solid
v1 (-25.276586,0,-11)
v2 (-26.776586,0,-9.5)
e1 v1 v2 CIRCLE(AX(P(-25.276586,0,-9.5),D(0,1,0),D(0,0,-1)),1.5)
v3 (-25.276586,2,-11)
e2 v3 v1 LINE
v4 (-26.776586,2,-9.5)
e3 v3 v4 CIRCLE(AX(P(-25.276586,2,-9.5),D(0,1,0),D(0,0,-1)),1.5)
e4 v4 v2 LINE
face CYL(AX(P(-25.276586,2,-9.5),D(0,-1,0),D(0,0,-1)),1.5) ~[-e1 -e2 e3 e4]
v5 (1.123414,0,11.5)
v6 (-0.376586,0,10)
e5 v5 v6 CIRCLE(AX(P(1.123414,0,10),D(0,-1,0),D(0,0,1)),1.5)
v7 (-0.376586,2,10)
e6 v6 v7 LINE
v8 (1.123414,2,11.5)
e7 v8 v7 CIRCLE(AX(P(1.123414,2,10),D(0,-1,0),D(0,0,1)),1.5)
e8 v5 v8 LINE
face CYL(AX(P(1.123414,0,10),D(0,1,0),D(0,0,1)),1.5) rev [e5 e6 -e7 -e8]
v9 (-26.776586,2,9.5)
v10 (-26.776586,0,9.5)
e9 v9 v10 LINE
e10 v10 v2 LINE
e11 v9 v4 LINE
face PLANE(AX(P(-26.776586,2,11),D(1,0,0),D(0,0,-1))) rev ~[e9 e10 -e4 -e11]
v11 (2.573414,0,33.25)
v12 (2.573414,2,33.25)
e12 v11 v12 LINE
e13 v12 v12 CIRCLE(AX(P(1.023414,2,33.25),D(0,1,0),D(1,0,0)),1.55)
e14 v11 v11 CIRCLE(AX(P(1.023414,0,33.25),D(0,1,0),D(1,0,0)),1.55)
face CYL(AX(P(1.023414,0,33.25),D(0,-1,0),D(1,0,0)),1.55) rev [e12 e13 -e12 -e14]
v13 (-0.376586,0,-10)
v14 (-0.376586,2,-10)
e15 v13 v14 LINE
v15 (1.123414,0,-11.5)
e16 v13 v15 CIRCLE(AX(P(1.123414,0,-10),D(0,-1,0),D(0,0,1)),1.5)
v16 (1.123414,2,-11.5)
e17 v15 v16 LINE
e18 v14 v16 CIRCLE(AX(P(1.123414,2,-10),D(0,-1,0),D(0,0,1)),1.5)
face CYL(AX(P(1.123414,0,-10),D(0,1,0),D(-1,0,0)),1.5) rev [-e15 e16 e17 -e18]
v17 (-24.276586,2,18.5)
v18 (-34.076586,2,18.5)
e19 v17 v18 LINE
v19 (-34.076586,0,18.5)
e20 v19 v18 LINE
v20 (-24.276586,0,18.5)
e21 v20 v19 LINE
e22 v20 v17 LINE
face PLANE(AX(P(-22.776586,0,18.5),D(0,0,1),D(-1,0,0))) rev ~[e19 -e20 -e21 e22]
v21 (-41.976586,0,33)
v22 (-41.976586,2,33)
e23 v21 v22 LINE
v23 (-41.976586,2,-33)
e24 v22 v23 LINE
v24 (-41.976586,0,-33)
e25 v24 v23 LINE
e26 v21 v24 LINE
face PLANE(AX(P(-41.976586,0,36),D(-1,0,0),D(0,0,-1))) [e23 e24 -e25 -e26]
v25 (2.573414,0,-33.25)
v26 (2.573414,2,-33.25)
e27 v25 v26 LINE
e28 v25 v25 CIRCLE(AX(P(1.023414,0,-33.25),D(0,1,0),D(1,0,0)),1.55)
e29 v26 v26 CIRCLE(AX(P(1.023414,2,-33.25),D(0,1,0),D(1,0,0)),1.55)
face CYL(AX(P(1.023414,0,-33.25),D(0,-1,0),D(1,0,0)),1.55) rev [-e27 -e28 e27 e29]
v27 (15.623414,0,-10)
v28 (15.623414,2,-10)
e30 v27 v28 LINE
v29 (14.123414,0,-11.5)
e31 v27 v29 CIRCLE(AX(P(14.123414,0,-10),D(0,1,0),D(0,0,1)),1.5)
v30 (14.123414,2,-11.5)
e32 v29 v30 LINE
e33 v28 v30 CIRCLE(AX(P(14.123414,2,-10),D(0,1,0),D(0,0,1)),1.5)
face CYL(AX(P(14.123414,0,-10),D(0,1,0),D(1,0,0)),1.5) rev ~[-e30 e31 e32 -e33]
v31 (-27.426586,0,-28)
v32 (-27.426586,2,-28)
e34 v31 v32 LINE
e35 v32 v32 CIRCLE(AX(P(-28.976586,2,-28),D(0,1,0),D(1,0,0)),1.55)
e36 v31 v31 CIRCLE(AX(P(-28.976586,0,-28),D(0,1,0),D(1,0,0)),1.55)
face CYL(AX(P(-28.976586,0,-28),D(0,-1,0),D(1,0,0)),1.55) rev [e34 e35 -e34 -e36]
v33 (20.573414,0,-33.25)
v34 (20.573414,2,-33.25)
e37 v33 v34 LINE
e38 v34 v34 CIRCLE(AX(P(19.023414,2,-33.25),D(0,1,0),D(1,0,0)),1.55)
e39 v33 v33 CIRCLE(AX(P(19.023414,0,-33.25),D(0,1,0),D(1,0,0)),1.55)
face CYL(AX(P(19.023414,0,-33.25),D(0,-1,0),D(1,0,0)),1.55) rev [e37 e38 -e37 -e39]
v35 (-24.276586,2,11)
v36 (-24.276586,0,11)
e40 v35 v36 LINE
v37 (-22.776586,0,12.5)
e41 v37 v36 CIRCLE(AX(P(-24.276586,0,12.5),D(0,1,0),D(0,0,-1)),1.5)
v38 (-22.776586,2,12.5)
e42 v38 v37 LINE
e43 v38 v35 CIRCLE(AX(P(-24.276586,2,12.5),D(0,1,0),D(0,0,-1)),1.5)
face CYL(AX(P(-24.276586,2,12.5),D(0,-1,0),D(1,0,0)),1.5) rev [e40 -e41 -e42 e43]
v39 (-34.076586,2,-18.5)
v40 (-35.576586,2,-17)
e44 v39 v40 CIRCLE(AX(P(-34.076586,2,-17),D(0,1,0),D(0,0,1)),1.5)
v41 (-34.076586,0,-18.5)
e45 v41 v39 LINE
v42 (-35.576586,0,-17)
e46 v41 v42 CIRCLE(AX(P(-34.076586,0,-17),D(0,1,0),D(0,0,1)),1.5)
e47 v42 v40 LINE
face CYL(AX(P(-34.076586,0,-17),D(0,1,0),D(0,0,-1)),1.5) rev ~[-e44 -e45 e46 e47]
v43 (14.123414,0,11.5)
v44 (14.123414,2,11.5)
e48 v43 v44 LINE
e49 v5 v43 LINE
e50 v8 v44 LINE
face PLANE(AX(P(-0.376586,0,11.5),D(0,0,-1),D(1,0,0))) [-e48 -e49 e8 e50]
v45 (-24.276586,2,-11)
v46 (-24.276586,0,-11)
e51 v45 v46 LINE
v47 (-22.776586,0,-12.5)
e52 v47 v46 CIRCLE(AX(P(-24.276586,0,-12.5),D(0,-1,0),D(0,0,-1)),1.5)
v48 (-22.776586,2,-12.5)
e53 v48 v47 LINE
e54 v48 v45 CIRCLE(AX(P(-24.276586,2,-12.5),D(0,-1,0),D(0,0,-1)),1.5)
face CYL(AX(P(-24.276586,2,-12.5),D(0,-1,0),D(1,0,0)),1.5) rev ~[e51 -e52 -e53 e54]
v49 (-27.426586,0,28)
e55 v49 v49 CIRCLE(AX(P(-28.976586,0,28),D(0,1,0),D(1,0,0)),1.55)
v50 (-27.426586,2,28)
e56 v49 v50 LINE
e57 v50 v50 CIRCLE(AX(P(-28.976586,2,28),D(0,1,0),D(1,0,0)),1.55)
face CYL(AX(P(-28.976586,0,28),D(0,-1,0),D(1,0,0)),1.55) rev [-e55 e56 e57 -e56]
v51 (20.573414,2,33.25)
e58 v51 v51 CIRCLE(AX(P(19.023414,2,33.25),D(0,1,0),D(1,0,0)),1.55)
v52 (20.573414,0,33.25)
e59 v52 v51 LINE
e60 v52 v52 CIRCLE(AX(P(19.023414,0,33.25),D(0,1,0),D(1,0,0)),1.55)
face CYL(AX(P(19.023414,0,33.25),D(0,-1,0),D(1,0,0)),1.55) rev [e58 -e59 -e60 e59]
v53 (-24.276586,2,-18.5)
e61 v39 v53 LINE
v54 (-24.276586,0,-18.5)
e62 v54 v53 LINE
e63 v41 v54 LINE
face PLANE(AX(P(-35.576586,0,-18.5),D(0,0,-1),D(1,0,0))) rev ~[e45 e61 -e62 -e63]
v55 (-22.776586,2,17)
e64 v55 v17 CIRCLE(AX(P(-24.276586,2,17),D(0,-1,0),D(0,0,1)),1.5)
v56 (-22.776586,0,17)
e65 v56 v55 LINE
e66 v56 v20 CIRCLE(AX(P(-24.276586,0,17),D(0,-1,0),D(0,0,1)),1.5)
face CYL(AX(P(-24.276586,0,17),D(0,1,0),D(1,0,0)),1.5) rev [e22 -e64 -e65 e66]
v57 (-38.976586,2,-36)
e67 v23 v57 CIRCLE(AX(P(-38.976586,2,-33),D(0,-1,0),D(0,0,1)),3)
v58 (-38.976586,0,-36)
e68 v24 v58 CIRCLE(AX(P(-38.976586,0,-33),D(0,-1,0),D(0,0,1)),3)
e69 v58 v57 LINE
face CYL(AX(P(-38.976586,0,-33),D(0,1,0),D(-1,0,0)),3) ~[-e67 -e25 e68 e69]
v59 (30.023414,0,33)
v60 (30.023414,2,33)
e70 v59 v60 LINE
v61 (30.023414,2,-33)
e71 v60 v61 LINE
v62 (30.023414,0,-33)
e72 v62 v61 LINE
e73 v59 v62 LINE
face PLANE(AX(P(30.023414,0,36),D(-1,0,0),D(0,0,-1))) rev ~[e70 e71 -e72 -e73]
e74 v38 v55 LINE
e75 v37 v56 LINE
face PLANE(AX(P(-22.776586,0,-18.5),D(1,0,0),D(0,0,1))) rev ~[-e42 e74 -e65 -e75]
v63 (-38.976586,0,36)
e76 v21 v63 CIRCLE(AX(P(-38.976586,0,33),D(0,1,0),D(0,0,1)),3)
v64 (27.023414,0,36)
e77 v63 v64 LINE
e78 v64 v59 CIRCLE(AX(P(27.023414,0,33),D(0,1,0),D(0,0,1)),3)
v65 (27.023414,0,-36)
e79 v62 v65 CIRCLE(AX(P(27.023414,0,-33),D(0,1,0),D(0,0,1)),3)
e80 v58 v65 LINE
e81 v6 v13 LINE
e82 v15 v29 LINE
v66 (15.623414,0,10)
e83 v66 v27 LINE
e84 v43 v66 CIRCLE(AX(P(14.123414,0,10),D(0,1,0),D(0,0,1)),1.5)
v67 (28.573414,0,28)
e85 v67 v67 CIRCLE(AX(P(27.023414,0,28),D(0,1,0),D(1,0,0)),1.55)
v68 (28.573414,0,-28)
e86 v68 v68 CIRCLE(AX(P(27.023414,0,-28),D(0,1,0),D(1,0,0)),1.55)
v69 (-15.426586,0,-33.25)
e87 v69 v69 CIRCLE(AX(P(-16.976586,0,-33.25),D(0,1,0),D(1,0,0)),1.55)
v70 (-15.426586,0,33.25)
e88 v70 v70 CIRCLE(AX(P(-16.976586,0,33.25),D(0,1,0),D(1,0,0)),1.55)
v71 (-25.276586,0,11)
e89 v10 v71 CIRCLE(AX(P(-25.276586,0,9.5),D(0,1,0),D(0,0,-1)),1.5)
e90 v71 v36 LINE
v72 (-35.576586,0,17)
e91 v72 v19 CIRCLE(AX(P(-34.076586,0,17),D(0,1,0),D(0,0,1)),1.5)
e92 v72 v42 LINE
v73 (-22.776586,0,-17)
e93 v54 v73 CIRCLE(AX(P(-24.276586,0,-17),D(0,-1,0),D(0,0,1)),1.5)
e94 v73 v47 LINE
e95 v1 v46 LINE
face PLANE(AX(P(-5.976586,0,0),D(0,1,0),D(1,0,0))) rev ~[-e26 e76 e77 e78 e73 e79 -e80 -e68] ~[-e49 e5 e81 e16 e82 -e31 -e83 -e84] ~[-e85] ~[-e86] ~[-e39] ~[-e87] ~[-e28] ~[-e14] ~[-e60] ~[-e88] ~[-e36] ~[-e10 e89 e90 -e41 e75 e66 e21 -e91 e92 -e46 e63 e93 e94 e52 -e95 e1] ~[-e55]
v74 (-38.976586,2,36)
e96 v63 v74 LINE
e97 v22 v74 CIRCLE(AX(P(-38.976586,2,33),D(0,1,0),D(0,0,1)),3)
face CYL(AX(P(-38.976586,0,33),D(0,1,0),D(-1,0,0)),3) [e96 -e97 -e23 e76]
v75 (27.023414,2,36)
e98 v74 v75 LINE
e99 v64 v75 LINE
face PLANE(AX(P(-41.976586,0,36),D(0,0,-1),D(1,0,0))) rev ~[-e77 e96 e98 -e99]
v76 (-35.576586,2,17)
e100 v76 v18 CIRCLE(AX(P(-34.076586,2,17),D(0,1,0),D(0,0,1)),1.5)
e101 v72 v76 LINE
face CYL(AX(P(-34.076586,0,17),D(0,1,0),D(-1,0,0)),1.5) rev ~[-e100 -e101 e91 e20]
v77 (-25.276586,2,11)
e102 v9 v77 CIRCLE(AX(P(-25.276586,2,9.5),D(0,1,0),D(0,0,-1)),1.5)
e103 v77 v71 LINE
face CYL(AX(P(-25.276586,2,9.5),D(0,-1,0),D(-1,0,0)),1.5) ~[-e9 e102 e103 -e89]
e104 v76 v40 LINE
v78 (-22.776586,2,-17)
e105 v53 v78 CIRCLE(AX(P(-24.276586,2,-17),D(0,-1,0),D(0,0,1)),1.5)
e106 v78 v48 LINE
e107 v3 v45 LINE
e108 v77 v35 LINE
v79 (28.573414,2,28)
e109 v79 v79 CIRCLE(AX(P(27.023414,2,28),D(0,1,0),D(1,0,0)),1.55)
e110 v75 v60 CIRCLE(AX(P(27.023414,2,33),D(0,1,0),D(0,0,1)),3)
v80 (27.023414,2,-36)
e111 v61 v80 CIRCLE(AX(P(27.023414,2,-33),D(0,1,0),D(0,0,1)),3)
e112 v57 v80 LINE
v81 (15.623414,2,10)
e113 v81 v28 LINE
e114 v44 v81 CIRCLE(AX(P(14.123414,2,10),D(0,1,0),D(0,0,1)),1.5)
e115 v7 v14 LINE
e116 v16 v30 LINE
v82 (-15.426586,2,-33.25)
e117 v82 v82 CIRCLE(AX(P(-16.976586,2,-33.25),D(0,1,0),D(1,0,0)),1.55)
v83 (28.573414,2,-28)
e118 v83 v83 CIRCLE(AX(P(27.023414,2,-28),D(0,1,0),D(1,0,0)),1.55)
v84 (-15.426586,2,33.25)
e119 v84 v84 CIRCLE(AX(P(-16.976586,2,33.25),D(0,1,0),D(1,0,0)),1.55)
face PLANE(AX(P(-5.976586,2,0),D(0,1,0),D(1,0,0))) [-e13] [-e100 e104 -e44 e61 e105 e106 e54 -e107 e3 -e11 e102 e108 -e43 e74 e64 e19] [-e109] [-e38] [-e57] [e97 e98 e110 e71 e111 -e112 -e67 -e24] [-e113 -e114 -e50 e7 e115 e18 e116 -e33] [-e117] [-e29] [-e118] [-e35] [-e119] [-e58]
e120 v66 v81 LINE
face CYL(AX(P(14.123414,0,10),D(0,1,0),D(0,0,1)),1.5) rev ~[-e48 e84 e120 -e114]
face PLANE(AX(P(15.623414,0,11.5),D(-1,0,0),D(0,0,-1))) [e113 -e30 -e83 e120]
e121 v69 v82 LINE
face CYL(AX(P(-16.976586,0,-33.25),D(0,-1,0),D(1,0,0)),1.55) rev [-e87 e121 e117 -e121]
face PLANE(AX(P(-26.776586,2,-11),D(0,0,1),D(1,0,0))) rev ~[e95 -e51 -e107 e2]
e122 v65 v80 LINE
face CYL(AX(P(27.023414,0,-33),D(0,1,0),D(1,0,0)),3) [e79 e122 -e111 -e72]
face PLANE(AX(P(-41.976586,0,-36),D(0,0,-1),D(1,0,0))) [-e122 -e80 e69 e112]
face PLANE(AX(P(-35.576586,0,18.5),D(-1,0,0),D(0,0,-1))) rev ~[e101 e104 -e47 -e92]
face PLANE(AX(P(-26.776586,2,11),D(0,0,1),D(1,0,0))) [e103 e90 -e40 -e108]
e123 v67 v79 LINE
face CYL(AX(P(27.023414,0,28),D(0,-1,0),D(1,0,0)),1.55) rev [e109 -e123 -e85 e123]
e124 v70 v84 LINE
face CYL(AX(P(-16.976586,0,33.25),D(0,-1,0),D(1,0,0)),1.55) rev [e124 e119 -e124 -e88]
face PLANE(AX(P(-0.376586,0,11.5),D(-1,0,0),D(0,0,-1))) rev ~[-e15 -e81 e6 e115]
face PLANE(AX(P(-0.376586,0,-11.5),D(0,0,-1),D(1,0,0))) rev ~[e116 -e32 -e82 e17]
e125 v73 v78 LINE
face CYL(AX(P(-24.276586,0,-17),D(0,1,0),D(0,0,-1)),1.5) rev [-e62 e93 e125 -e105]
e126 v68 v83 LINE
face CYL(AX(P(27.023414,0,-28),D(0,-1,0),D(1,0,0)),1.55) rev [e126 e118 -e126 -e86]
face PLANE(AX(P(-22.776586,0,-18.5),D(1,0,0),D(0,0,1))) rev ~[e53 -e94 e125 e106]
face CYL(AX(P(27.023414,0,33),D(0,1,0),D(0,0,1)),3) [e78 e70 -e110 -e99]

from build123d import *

# Parameters (mm, degrees)
SKETCH1_W           = 72
SKETCH1_H           = 72
SKETCH1_R           = 1.55
SKETCH1_W_2         = 16
SKETCH1_H_2         = 23
BOSS_EXTRUDE1_DEPTH = 2
FILLET1_R           = 1.5
SKETCH2_W           = 4
SKETCH2_H           = 22
BOSS_EXTRUDE2_DEPTH = 2
FILLET3_R           = 1.5
FILLET5_R           = 3


with BuildPart() as part:
    # Sketch1 → Boss-Extrude1 (new body)
    with BuildSketch(Plane(origin=(0, 0, 0), x_dir=(1, 0, 0), z_dir=(0, 1, 0))):
        with Locations((-5.976585554, 0)):
            Rectangle(SKETCH1_W, SKETCH1_H)
        with Locations((-28.976585554, -28)):
            Circle(SKETCH1_R, mode=Mode.SUBTRACT)
        with Locations((-16.976585554, -33.25)):
            Circle(SKETCH1_R, mode=Mode.SUBTRACT)
        Polygon((-22.776585554, 18.5), (-22.776585554, -18.5), (-27, -18.5), (-35.576585554, -18.5), (-35.576585554, 18.5), (-31.976585554, 18.5), align=None, mode=Mode.SUBTRACT)
        with Locations((1.023414446, -33.25)):
            Circle(SKETCH1_R, mode=Mode.SUBTRACT)
        with Locations((19.023414446, -33.25)):
            Circle(SKETCH1_R, mode=Mode.SUBTRACT)
        with Locations((27.023414446, -28)):
            Circle(SKETCH1_R, mode=Mode.SUBTRACT)
        with Locations((-28.976585554, 28)):
            Circle(SKETCH1_R, mode=Mode.SUBTRACT)
        with Locations((-16.976585554, 33.25)):
            Circle(SKETCH1_R, mode=Mode.SUBTRACT)
        with Locations((7.623414446, 0)):
            Rectangle(SKETCH1_W_2, SKETCH1_H_2, mode=Mode.SUBTRACT)
        with Locations((1.023414446, 33.25)):
            Circle(SKETCH1_R, mode=Mode.SUBTRACT)
        with Locations((19.023414446, 33.25)):
            Circle(SKETCH1_R, mode=Mode.SUBTRACT)
        with Locations((27.023414446, 28)):
            Circle(SKETCH1_R, mode=Mode.SUBTRACT)
    extrude(amount=BOSS_EXTRUDE1_DEPTH)

    # Fillet1
    fillet1_edges = [part.edges().sort_by_distance(p)[0] for p in [
        (-0.376585554, 1, 11.5),
        (15.623414446, 1, 11.5),
        (15.623414446, 1, -11.5),
        (-0.376585554, 1, -11.5),
        (-35.576585554, 1, 18.5),
        (-22.776585554, 1, 18.5),
        (-22.776585554, 1, -18.5),
        (-35.576585554, 1, -18.5),
    ]]
    fillet(fillet1_edges, radius=FILLET1_R)

    # Sketch2 → Boss-Extrude2 (add)
    with BuildSketch(Plane(origin=(0, 2, 0), x_dir=(1, 0, 0), z_dir=(0, 1, 0))):
        with Locations((-24.776585554, 0)):
            Rectangle(SKETCH2_W, SKETCH2_H)
    extrude(amount=-BOSS_EXTRUDE2_DEPTH)

    # Fillet3
    fillet3_edges = [part.edges().sort_by_distance(p)[0] for p in [
        (-26.776585554, 1, 11),
        (-26.776585554, 1, -11),
        (-22.776585554, 1, -11),
        (-22.776585554, 1, 11),
    ]]
    fillet(fillet3_edges, radius=FILLET3_R)

    # Fillet5
    fillet5_edges = [part.edges().sort_by_distance(p)[0] for p in [
        (-41.976585554, 1, -36),
        (30.023414446, 1, -36),
        (30.023414446, 1, 36),
        (-41.976585554, 1, 36),
    ]]
    fillet(fillet5_edges, radius=FILLET5_R)


solid = part.part
